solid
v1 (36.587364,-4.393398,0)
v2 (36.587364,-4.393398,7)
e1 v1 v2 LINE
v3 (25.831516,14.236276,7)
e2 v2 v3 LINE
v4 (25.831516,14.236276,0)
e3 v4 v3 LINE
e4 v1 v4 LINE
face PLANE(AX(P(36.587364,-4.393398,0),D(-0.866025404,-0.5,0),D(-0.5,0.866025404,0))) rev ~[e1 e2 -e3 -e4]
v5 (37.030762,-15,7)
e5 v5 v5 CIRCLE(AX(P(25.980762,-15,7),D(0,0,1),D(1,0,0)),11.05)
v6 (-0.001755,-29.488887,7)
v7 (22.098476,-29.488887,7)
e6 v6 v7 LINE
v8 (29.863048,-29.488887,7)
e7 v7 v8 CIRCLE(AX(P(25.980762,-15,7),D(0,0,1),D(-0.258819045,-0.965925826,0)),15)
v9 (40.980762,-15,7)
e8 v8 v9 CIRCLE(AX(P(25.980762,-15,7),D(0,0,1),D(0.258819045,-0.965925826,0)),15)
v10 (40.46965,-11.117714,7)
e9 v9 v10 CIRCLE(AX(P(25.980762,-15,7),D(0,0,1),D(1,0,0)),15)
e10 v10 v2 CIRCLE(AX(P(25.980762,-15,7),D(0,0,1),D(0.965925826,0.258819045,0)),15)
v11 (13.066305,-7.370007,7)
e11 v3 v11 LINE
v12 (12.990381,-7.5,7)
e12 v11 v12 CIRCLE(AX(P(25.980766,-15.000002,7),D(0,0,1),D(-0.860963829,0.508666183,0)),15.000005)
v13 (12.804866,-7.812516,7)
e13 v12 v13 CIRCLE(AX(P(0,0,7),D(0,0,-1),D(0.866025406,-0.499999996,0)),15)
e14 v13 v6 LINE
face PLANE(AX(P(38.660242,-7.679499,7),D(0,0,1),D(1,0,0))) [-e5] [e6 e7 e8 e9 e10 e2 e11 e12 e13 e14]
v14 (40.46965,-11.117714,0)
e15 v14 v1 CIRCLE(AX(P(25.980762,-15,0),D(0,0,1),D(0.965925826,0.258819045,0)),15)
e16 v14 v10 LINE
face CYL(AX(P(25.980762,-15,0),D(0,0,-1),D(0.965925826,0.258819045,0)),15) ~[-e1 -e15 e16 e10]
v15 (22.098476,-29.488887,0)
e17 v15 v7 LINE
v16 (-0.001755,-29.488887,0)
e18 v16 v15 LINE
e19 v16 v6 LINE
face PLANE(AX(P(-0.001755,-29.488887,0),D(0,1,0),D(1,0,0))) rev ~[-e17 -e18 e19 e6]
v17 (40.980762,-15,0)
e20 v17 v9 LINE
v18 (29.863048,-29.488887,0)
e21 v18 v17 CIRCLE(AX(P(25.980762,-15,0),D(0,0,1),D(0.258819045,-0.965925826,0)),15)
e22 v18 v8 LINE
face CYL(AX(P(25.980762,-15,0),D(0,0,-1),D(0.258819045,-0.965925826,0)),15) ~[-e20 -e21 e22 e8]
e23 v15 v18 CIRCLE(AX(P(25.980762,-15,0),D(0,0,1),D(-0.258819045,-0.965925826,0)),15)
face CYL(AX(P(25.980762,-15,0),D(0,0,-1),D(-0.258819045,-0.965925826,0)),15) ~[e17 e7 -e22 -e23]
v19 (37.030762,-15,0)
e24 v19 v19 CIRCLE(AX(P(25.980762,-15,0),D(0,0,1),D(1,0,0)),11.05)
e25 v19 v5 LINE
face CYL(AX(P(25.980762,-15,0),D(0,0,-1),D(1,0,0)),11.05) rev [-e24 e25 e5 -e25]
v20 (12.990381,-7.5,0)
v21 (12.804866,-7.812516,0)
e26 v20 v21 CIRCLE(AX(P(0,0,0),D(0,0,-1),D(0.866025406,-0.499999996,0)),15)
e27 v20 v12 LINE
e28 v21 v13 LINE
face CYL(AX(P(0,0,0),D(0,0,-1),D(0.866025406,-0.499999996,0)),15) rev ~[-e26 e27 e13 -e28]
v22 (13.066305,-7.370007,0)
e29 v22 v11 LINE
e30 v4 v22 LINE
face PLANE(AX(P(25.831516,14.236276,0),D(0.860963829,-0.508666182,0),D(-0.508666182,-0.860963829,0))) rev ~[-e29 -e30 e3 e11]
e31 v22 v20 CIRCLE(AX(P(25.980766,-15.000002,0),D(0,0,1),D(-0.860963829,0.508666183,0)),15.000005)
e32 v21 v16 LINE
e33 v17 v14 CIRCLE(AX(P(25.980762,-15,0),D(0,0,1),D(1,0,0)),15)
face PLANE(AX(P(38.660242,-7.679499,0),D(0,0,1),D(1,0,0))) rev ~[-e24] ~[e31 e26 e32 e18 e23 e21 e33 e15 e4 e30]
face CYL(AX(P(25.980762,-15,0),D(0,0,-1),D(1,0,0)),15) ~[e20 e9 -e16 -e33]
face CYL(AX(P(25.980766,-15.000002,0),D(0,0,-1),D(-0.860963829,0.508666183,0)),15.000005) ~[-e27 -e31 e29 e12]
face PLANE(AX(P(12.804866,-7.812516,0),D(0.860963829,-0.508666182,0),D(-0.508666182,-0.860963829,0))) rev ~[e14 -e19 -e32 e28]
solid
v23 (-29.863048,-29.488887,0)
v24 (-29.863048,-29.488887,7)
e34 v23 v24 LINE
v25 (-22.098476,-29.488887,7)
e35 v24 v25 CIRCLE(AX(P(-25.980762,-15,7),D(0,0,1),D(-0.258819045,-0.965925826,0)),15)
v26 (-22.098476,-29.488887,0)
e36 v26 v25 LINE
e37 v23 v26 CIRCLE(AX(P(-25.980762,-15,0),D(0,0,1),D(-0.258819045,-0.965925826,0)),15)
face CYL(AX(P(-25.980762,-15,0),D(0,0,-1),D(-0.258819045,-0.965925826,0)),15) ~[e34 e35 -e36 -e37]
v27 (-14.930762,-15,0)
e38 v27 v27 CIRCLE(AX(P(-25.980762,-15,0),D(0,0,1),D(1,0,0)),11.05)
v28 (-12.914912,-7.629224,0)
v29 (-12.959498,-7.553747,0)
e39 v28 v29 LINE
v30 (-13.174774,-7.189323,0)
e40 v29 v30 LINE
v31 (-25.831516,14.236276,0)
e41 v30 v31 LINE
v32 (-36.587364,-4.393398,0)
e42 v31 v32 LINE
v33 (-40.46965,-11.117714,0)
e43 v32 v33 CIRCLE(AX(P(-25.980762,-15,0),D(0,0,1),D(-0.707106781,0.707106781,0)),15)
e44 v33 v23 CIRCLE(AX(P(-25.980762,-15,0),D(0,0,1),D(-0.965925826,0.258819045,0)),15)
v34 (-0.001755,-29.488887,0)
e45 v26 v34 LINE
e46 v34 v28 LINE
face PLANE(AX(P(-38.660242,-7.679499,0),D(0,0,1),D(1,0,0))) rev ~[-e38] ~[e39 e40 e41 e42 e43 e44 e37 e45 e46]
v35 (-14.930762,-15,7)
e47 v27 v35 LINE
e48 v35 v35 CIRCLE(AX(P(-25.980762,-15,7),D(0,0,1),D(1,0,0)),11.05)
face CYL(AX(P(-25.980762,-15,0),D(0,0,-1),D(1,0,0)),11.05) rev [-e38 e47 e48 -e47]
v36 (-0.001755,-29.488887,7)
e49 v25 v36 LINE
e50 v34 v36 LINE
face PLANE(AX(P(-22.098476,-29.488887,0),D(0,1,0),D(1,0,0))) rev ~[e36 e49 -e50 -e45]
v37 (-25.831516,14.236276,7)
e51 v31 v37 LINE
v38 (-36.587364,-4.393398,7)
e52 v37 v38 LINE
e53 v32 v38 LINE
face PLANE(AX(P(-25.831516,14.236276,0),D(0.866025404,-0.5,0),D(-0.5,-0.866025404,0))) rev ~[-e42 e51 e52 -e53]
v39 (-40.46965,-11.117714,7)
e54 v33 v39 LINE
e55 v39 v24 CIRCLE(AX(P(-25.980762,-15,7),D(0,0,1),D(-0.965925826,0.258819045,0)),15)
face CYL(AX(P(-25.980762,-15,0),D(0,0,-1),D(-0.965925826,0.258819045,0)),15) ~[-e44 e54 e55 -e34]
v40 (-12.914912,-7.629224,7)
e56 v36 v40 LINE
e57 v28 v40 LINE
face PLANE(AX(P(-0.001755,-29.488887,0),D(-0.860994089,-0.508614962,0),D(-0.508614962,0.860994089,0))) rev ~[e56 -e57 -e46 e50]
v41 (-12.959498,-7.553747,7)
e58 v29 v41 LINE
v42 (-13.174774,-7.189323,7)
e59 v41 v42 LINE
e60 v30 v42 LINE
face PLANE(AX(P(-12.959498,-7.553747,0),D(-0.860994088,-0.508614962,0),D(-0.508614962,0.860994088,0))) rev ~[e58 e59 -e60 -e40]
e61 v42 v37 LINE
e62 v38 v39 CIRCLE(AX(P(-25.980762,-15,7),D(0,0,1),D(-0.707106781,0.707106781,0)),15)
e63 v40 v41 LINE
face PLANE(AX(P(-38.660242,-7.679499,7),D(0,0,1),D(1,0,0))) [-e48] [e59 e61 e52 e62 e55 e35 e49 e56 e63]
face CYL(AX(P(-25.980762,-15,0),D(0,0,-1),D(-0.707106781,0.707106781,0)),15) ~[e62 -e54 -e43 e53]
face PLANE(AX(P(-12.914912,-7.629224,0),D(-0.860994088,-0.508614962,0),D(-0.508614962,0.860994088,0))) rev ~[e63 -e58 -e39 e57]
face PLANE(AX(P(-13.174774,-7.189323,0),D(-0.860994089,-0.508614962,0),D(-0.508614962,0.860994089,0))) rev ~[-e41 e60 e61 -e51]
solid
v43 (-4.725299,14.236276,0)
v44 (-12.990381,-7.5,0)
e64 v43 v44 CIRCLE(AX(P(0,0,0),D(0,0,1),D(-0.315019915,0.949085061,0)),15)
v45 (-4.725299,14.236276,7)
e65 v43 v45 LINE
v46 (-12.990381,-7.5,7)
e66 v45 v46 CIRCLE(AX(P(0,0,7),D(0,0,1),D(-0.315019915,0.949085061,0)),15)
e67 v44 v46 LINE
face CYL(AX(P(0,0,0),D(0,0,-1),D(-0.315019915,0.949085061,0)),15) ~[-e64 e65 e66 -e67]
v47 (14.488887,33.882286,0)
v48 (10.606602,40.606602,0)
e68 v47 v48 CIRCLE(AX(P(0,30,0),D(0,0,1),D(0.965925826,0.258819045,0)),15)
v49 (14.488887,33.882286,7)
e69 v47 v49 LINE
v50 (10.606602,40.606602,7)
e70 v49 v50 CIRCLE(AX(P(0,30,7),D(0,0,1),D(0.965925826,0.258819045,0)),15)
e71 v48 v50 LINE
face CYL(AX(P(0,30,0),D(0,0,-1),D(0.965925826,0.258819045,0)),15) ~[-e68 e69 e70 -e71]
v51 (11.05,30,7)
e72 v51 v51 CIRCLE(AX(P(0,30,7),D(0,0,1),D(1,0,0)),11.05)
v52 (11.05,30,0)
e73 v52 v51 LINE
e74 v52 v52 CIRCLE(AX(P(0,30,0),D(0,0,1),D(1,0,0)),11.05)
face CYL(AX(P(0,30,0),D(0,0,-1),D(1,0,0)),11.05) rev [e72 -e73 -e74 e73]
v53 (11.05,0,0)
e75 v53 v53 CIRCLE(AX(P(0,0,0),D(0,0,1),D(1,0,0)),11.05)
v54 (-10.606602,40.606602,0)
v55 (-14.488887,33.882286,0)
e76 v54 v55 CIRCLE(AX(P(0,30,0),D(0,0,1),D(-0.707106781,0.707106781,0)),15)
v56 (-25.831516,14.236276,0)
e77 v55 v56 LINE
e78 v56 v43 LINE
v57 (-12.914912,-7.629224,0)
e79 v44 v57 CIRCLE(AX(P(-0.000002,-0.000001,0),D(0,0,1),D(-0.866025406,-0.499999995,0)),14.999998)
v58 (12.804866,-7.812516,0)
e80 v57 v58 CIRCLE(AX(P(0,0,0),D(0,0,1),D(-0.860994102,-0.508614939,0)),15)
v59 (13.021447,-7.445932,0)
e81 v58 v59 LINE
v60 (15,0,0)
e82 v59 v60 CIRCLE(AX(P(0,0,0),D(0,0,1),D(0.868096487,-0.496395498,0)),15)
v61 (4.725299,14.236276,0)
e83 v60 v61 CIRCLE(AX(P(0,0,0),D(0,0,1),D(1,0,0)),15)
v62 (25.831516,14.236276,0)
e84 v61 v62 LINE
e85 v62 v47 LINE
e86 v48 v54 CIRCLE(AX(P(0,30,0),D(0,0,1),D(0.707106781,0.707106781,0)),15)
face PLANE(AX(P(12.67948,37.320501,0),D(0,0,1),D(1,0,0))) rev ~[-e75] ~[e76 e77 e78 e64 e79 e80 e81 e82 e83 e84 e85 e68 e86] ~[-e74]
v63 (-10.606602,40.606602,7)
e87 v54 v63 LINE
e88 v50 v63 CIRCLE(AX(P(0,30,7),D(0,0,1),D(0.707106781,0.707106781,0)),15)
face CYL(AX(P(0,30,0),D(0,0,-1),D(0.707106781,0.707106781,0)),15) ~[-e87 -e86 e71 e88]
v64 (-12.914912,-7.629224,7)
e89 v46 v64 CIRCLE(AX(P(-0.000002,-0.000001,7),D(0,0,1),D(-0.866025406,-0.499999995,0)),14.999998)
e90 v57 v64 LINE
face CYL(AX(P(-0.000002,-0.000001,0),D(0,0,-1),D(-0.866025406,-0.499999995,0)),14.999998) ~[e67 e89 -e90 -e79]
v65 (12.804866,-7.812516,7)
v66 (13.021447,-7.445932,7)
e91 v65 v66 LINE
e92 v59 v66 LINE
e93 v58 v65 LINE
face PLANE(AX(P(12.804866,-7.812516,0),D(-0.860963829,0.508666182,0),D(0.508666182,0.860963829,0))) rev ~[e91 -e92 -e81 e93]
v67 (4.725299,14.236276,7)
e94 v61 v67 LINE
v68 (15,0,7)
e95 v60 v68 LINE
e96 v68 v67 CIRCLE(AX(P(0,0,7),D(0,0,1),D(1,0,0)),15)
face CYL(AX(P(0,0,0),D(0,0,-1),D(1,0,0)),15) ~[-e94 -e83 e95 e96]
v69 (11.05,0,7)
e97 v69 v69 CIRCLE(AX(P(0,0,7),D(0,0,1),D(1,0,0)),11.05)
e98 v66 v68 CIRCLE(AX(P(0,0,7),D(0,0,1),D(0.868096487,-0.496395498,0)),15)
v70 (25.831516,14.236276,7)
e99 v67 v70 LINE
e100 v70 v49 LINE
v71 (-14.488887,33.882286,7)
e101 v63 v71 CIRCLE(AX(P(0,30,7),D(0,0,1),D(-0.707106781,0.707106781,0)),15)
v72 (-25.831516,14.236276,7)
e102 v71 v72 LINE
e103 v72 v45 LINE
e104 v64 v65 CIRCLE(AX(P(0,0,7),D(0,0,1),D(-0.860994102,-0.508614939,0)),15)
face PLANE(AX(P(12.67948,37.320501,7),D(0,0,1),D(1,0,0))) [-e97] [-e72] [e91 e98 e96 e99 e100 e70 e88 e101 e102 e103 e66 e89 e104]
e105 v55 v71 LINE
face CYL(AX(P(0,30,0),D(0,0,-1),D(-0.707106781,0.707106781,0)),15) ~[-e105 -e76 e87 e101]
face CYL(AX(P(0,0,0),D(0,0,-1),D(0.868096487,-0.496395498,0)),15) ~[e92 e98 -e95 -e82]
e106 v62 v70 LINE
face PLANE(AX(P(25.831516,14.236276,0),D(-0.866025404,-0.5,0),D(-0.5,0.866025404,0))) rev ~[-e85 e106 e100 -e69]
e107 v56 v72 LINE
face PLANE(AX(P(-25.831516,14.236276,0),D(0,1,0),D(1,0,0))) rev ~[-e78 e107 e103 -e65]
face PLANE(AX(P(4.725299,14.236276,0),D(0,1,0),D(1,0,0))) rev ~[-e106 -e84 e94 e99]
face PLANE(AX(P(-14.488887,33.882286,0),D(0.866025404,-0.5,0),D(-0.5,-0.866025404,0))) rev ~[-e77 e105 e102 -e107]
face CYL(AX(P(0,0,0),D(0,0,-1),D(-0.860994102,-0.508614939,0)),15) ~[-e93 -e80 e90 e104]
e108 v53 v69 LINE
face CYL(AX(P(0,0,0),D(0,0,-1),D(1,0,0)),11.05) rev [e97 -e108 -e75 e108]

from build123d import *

# Parameters (mm, degrees)
F0_R     = 11.05
F1_DEPTH = 7


with BuildPart() as f1:
    # F0 (on Top) → F1 (new body)
    with BuildSketch(Plane.XY):
        with BuildLine():
            Line((10.6066017178, 40.6066017178), (14.4888873943, 33.8822856765))
            ThreePointArc((14.4888873943, 33.8822856765), (12.9903810568, 37.5), (10.6066017178, 40.6066017178))
        make_face()
        with BuildLine():
            ThreePointArc((-10.6066017178, 40.6066017178), (-12.9903810568, 37.5), (-14.4888873943, 33.8822856765))
            Line((-14.4888873943, 33.8822856765), (-10.6066017178, 40.6066017178))
        make_face()
        with BuildLine():
            ThreePointArc((0, 15), (2.3933095573, 14.8078381057), (4.7252987281, 14.2362759151))
            Line((4.7252987281, 14.2362759151), (25.8315164186, 14.2362759151))
            Line((25.8315164186, 14.2362759151), (14.4888873943, 33.8822856765))
            ThreePointArc((14.4888873943, 33.8822856765), (14.8716729206, 31.9578928833), (15, 30))
            ThreePointArc((15, 30), (10.6066017178, 19.3933982822), (0, 15))
        make_face()
        with BuildLine():
            ThreePointArc((-4.7252987281, 14.2362759151), (-2.3933095573, 14.8078381057), (0, 15))
            ThreePointArc((0, 15), (-11.9003001044, 20.8685785649), (-14.4888873943, 33.8822856765))
            Line((-14.4888873943, 33.8822856765), (-25.8315164186, 14.2362759151))
            Line((-25.8315164186, 14.2362759151), (-4.7252987281, 14.2362759151))
        make_face()
        with BuildLine():
            ThreePointArc((-14.4888873943, 33.8822856765), (-11.9003001044, 20.8685785649), (0, 15))
            ThreePointArc((0, 15), (10.6066017178, 19.3933982822), (15, 30))
            ThreePointArc((15, 30), (14.8716729206, 31.9578928833), (14.4888873943, 33.8822856765))
            Line((14.4888873943, 33.8822856765), (10.6066017178, 40.6066017178))
            ThreePointArc((10.6066017178, 40.6066017178), (0, 45), (-10.6066017178, 40.6066017178))
            Line((-10.6066017178, 40.6066017178), (-14.4888873943, 33.8822856765))
        make_face()
        with Locations((0, 30)):
            Circle(F0_R, mode=Mode.SUBTRACT)
        with BuildLine():
            ThreePointArc((13.021447299, -7.4459324626), (14.4969256997, -3.8521611152), (15, 0))
            ThreePointArc((15, 0), (12.1630481566, 8.7783973218), (4.7252987281, 14.2362759151))
            Line((4.7252987281, 14.2362759151), (-4.7252987281, 14.2362759151))
            ThreePointArc((-4.7252987281, 14.2362759151), (-14.0206187409, 5.3312522095), (-12.9903810914, -7.49999994))
            ThreePointArc((-12.9903810914, -7.49999994), (-12.9528074644, -7.5647061272), (-12.914911533, -7.6292240821))
            ThreePointArc((-12.914911533, -7.6292240821), (-0.1068947331, -14.9996191124), (12.8048660264, -7.8125159869))
            Line((12.8048660264, -7.8125159869), (13.021447299, -7.4459324626))
        make_face()
        Circle(F0_R, mode=Mode.SUBTRACT)
        with BuildLine():
            Line((-4.7252987281, 14.2362759151), (4.7252987281, 14.2362759151))
            ThreePointArc((4.7252987281, 14.2362759151), (2.3933095573, 14.8078381057), (0, 15))
            ThreePointArc((0, 15), (-2.3933095573, 14.8078381057), (-4.7252987281, 14.2362759151))
        make_face()
    extrude(amount=F1_DEPTH)


with BuildPart() as f1b:
    # F0 (on Top) → F1, piece 2 (new body)
    with BuildSketch(Plane.XY):
        with BuildLine():
            Line((-40.4696495079, -11.1177143235), (-36.5873638313, -4.3933982822))
            ThreePointArc((-36.5873638313, -4.3933982822), (-38.9711431703, -7.5), (-40.4696495079, -11.1177143235))
        make_face()
        with BuildLine():
            ThreePointArc((-29.8630477901, -29.4888873943), (-25.9807621135, -30), (-22.098476437, -29.4888873943))
            Line((-22.098476437, -29.4888873943), (-29.8630477901, -29.4888873943))
        make_face()
        with BuildLine():
            Line((-13.1747741501, -7.1893231869), (-25.8315164186, 14.2362759151))
            Line((-25.8315164186, 14.2362759151), (-36.5873638313, -4.3933982822))
            ThreePointArc((-36.5873638313, -4.3933982822), (-24.2021041974, -0.1058274477), (-13.1747741501, -7.1893231869))
        make_face()
        with BuildLine():
            Line((-0.0017545518, -29.4888873943), (-12.914911533, -7.6292240821))
            Line((-12.914911533, -7.6292240821), (-12.9594983082, -7.5537466528))
            ThreePointArc((-12.9594983082, -7.5537466528), (-11.4838838792, -11.1476602616), (-10.9807621135, -15))
            ThreePointArc((-10.9807621135, -15), (-14.0804620092, -24.1314214351), (-22.098476437, -29.4888873943))
            Line((-22.098476437, -29.4888873943), (-0.0017545518, -29.4888873943))
        make_face()
        with BuildLine():
            ThreePointArc((-10.9807621135, -15), (-11.4838838792, -11.1476602616), (-12.9594983082, -7.5537466528))
            Line((-12.9594983082, -7.5537466528), (-13.1747741501, -7.1893231869))
            ThreePointArc((-13.1747741501, -7.1893231869), (-24.2021041974, -0.1058274477), (-36.5873638313, -4.3933982822))
            Line((-36.5873638313, -4.3933982822), (-40.4696495079, -11.1177143235))
            ThreePointArc((-40.4696495079, -11.1177143235), (-38.9711431703, -22.5), (-29.8630477901, -29.4888873943))
            Line((-29.8630477901, -29.4888873943), (-22.098476437, -29.4888873943))
            ThreePointArc((-22.098476437, -29.4888873943), (-14.0804620092, -24.1314214351), (-10.9807621135, -15))
        make_face()
        with Locations((-25.9807621135, -15)):
            Circle(F0_R, mode=Mode.SUBTRACT)
    extrude(amount=F1_DEPTH)


with BuildPart() as f1c:
    # F0 (on Top) → F1, piece 3 (new body)
    with BuildSketch(Plane.XY):
        with BuildLine():
            ThreePointArc((40.4696495079, -11.1177143235), (38.9711431703, -7.5), (36.5873638313, -4.3933982822))
            Line((36.5873638313, -4.3933982822), (40.4696495079, -11.1177143235))
        make_face()
        with BuildLine():
            Line((29.8630477901, -29.4888873943), (22.098476437, -29.4888873943))
            ThreePointArc((22.098476437, -29.4888873943), (25.9807621135, -30), (29.8630477901, -29.4888873943))
        make_face()
        with BuildLine():
            Line((36.5873638313, -4.3933982822), (25.8315164186, 14.2362759151))
            Line((25.8315164186, 14.2362759151), (13.0663046971, -7.370007232))
            ThreePointArc((13.0663046971, -7.370007232), (24.0975203098, -0.1186895635), (36.5873638313, -4.3933982822))
        make_face()
        with BuildLine():
            ThreePointArc((22.098476437, -29.4888873943), (12.1225691126, -20.7402514535), (12.9903810914, -7.49999994))
            ThreePointArc((12.9903810914, -7.49999994), (12.8985700772, -7.6568198335), (12.8048660264, -7.8125159869))
            Line((12.8048660264, -7.8125159869), (-0.0017545518, -29.4888873943))
            Line((-0.0017545518, -29.4888873943), (22.098476437, -29.4888873943))
        make_face()
        with BuildLine():
            ThreePointArc((13.0663046971, -7.370007232), (13.0281798167, -7.4349083388), (12.9903810914, -7.49999994))
            ThreePointArc((12.9903810914, -7.49999994), (12.1225691126, -20.7402514535), (22.098476437, -29.4888873943))
            Line((22.098476437, -29.4888873943), (29.8630477901, -29.4888873943))
            ThreePointArc((29.8630477901, -29.4888873943), (37.8810622179, -24.1314214351), (40.9807621135, -15))
            ThreePointArc((40.9807621135, -15), (40.8524350341, -13.0421071167), (40.4696495079, -11.1177143235))
            Line((40.4696495079, -11.1177143235), (36.5873638313, -4.3933982822))
            ThreePointArc((36.5873638313, -4.3933982822), (24.0975203098, -0.1186895635), (13.0663046971, -7.370007232))
        make_face()
        with Locations((25.9807621135, -15)):
            Circle(F0_R, mode=Mode.SUBTRACT)
    extrude(amount=F1_DEPTH)


solid = Compound([f1.part, f1b.part, f1c.part])
